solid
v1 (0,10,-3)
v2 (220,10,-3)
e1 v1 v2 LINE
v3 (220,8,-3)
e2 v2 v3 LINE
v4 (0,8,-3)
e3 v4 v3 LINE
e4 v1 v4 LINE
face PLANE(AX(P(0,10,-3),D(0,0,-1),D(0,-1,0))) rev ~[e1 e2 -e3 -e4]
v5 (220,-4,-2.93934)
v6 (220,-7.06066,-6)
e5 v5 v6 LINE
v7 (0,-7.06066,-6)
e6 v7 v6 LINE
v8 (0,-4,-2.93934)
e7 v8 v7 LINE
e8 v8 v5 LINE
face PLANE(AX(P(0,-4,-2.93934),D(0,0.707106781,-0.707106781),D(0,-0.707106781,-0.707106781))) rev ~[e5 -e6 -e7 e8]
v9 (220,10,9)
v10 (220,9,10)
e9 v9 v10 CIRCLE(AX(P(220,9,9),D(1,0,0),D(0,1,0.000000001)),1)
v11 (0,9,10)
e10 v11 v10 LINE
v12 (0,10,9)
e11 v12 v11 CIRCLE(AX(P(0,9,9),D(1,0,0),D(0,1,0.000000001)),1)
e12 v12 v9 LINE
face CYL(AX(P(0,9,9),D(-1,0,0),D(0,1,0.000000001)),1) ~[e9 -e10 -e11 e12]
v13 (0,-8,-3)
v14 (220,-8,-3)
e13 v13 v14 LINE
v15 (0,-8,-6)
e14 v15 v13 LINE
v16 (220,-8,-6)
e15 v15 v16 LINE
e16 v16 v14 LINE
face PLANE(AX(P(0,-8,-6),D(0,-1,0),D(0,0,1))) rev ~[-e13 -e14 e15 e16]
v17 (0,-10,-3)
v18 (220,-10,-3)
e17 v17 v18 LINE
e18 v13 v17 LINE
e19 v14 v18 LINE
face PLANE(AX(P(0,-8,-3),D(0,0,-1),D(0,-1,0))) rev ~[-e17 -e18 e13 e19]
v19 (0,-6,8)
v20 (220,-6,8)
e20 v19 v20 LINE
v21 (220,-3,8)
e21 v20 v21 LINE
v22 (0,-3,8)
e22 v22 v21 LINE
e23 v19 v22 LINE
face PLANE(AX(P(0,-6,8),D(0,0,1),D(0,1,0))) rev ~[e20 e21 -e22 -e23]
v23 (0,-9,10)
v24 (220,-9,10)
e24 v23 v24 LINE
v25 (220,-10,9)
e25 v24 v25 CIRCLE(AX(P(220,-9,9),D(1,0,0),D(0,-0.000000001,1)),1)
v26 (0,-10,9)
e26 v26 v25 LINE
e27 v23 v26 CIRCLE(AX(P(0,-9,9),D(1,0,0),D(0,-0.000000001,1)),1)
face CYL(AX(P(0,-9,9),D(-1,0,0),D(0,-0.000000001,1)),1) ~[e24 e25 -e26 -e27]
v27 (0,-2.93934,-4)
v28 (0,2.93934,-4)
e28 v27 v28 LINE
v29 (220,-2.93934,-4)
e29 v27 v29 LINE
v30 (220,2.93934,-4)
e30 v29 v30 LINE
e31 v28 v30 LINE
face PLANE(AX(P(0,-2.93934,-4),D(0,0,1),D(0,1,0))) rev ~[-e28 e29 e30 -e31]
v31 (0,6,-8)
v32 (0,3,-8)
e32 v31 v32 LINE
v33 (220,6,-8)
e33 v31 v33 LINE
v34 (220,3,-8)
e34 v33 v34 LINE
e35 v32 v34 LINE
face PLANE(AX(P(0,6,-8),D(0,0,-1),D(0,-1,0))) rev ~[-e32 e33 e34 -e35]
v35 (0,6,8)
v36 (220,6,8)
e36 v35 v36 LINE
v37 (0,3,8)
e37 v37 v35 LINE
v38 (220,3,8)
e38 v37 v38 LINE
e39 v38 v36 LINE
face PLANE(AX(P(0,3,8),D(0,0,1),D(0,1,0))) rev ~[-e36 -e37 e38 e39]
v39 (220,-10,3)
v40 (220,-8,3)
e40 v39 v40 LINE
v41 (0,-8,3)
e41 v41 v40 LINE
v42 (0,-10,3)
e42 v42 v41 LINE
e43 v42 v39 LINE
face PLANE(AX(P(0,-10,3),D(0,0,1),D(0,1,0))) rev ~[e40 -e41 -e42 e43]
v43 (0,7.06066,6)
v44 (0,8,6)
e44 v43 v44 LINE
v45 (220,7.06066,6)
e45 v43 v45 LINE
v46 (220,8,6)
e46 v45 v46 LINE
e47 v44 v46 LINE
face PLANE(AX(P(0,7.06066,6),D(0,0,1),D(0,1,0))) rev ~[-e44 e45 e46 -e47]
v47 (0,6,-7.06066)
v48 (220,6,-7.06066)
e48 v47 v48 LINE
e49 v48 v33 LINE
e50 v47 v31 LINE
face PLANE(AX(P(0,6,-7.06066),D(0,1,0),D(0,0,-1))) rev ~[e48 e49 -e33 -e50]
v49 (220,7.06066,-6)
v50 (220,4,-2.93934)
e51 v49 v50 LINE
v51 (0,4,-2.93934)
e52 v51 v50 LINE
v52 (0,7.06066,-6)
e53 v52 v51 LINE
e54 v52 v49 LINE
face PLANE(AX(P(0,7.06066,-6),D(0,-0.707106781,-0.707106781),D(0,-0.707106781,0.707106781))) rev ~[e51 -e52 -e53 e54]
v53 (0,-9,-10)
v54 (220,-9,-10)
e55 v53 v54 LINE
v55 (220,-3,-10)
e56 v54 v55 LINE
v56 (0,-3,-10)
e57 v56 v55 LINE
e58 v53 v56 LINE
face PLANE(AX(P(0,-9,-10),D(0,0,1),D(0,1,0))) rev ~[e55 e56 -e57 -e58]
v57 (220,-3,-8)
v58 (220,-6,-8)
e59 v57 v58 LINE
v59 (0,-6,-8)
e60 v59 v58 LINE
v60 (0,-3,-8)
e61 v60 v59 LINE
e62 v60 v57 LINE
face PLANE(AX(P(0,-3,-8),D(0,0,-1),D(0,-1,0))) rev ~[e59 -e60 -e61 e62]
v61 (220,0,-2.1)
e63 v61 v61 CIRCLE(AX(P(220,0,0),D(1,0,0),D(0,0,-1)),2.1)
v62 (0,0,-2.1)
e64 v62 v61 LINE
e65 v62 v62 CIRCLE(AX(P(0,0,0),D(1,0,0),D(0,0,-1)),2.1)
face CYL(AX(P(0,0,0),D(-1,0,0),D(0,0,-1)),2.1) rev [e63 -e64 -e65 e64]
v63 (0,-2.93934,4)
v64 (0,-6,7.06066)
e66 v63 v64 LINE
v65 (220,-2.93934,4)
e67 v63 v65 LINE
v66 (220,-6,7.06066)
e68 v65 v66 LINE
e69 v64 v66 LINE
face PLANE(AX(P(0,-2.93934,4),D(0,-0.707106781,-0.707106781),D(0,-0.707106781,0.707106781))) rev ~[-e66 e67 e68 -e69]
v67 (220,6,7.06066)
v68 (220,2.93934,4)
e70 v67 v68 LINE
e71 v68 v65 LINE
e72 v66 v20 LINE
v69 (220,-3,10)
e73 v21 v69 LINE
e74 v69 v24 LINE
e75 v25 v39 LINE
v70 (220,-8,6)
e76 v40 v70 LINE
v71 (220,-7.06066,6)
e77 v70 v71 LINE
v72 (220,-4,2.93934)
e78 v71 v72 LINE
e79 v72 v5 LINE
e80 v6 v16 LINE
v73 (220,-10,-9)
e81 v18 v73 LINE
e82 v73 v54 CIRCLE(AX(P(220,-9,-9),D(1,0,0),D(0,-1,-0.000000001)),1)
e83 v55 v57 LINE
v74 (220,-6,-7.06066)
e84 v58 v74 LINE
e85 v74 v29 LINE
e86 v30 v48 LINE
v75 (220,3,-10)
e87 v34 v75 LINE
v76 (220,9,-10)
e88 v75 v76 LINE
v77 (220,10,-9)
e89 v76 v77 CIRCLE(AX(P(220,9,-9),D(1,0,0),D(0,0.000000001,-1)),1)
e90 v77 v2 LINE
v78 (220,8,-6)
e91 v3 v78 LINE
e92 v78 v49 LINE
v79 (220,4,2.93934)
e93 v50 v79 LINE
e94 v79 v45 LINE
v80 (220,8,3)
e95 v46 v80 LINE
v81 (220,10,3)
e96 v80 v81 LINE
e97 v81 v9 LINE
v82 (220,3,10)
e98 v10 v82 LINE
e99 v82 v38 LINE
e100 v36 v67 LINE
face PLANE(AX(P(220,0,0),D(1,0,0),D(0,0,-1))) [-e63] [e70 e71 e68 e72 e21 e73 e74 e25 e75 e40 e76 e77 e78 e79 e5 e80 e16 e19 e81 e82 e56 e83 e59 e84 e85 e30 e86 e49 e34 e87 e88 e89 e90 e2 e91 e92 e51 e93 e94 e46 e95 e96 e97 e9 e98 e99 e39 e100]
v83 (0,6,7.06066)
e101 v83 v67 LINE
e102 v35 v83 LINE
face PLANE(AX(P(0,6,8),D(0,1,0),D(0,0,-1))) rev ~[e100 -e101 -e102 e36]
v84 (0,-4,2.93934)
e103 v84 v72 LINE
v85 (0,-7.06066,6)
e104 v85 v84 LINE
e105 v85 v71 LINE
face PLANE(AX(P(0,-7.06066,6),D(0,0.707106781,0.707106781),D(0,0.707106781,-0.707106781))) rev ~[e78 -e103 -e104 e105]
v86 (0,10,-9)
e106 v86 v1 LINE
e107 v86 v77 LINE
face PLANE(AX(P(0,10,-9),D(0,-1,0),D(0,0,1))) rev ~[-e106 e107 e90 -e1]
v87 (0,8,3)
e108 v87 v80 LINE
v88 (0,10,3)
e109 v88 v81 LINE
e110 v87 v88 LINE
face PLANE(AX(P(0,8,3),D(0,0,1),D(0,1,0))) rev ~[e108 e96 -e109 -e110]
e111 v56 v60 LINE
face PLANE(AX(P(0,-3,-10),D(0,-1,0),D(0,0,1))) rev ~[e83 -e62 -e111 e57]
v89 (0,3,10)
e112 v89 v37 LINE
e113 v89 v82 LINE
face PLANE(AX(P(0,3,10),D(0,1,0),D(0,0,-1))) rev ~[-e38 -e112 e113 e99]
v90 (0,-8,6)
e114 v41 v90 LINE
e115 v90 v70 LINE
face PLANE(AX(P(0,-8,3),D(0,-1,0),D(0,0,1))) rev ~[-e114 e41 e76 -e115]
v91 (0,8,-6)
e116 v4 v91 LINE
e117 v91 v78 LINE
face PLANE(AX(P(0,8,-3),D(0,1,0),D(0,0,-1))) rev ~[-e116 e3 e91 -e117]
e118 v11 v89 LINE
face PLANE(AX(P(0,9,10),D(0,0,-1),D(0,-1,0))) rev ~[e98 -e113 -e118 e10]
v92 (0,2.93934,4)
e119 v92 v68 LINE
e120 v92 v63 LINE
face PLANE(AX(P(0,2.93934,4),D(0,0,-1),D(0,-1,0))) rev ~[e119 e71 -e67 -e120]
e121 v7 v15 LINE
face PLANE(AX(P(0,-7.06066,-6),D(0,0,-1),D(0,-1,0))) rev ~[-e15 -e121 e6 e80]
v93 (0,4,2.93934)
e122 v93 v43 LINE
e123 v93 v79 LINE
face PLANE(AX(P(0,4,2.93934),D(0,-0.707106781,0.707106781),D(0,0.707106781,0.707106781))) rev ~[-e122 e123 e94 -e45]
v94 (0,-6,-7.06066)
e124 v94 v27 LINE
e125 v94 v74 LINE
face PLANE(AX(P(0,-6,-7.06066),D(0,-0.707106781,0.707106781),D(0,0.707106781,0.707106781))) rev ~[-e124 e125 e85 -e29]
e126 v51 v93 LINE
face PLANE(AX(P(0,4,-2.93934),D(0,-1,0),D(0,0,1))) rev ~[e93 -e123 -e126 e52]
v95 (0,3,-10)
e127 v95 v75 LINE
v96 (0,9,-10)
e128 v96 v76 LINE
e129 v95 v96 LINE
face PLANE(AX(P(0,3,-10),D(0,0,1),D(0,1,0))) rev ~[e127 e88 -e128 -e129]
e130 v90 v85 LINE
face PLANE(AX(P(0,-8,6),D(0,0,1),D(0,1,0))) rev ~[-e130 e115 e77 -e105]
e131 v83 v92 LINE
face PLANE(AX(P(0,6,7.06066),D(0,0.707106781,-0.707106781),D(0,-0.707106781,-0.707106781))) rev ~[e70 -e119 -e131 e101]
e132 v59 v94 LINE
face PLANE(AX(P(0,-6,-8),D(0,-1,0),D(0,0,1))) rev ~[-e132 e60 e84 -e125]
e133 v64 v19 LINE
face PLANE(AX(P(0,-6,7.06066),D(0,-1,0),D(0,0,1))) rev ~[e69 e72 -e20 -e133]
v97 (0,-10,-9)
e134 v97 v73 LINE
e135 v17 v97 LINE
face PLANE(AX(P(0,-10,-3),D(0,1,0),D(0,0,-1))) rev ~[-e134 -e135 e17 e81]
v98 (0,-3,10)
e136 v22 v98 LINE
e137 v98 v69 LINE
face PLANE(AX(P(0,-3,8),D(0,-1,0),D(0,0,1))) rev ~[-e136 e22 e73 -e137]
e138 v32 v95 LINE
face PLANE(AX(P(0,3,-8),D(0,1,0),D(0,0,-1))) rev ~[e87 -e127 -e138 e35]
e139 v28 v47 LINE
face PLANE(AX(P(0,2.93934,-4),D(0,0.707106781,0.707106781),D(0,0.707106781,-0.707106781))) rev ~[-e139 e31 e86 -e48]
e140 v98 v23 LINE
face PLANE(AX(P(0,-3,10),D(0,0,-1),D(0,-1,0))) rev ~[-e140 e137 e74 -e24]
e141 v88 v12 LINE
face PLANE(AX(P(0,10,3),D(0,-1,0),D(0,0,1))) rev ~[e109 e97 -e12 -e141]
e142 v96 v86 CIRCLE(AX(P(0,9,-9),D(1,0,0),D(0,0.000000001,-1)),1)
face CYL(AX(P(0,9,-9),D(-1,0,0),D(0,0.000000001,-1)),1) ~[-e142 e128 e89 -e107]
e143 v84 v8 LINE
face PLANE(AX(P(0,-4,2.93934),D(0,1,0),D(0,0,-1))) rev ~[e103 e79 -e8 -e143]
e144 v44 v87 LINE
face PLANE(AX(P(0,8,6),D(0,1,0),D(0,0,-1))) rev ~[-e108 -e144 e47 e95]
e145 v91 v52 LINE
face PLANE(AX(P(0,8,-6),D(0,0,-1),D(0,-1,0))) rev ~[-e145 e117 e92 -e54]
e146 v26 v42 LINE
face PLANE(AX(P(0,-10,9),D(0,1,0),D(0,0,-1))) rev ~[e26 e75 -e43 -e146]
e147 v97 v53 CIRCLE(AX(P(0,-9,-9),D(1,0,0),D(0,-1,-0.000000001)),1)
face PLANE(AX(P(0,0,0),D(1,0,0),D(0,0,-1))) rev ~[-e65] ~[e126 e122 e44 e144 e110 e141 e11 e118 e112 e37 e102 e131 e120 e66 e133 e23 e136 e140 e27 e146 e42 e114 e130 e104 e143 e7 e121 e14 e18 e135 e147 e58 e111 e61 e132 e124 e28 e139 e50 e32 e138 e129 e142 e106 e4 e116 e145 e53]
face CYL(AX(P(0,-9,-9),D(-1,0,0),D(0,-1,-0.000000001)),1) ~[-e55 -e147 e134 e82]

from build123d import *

# Parameters (mm, degrees)
SKETCH1_R           = 2.1
BOSS_EXTRUDE1_DEPTH = 220


with BuildPart() as part:
    # Sketch1 → Boss-Extrude1 (new body)
    with BuildSketch(Plane(origin=(0, 0, 0), x_dir=(0, 0, -1), z_dir=(1, 0, 0))):
        with BuildLine():
            Line((-10, 9), (-10, 3))
            Line((-10, 3), (-8, 3))
            Line((-8, 3), (-8, 6))
            Line((-8, 6), (-7.060660172, 6))
            Line((-7.060660172, 6), (-4, 2.939339828))
            Line((-4, 2.939339828), (-4, -2.939339828))
            Line((-4, -2.939339828), (-7.060660172, -6))
            Line((-7.060660172, -6), (-8, -6))
            Line((-8, -6), (-8, -3))
            Line((-8, -3), (-10, -3))
            Line((-10, -3), (-10, -9))
            ThreePointArc((-10, -9), (-9.707106781, -9.707106781), (-9, -10))
            Line((-9, -10), (-3, -10))
            Line((-3, -10), (-3, -8))
            Line((-3, -8), (-6, -8))
            Line((-6, -8), (-6, -7.060660172))
            Line((-6, -7.060660172), (-2.939339828, -4))
            Line((-2.939339828, -4), (2.939339828, -4))
            Line((2.939339828, -4), (6, -7.060660172))
            Line((6, -7.060660172), (6, -8))
            Line((6, -8), (3, -8))
            Line((3, -8), (3, -10))
            Line((3, -10), (9, -10))
            ThreePointArc((9, -10), (9.707106781, -9.707106781), (10, -9))
            Line((10, -9), (10, -3))
            Line((10, -3), (8, -3))
            Line((8, -3), (8, -6))
            Line((8, -6), (7.060660172, -6))
            Line((7.060660172, -6), (4, -2.939339828))
            Line((4, -2.939339828), (4, 2.939339828))
            Line((4, 2.939339828), (7.060660172, 6))
            Line((7.060660172, 6), (8, 6))
            Line((8, 6), (8, 3))
            Line((8, 3), (10, 3))
            Line((10, 3), (10, 9))
            ThreePointArc((10, 9), (9.707106781, 9.707106781), (9, 10))
            Line((9, 10), (3, 10))
            Line((3, 10), (3, 8))
            Line((3, 8), (6, 8))
            Line((6, 8), (6, 7.060660172))
            Line((6, 7.060660172), (2.939339828, 4))
            Line((2.939339828, 4), (-2.939339828, 4))
            Line((-2.939339828, 4), (-6, 7.060660172))
            Line((-6, 7.060660172), (-6, 8))
            Line((-6, 8), (-3, 8))
            Line((-3, 8), (-3, 10))
            Line((-3, 10), (-9, 10))
            ThreePointArc((-9, 10), (-9.707106781, 9.707106781), (-10, 9))
        make_face()
        Circle(SKETCH1_R, mode=Mode.SUBTRACT)
    extrude(amount=BOSS_EXTRUDE1_DEPTH)


solid = part.part
